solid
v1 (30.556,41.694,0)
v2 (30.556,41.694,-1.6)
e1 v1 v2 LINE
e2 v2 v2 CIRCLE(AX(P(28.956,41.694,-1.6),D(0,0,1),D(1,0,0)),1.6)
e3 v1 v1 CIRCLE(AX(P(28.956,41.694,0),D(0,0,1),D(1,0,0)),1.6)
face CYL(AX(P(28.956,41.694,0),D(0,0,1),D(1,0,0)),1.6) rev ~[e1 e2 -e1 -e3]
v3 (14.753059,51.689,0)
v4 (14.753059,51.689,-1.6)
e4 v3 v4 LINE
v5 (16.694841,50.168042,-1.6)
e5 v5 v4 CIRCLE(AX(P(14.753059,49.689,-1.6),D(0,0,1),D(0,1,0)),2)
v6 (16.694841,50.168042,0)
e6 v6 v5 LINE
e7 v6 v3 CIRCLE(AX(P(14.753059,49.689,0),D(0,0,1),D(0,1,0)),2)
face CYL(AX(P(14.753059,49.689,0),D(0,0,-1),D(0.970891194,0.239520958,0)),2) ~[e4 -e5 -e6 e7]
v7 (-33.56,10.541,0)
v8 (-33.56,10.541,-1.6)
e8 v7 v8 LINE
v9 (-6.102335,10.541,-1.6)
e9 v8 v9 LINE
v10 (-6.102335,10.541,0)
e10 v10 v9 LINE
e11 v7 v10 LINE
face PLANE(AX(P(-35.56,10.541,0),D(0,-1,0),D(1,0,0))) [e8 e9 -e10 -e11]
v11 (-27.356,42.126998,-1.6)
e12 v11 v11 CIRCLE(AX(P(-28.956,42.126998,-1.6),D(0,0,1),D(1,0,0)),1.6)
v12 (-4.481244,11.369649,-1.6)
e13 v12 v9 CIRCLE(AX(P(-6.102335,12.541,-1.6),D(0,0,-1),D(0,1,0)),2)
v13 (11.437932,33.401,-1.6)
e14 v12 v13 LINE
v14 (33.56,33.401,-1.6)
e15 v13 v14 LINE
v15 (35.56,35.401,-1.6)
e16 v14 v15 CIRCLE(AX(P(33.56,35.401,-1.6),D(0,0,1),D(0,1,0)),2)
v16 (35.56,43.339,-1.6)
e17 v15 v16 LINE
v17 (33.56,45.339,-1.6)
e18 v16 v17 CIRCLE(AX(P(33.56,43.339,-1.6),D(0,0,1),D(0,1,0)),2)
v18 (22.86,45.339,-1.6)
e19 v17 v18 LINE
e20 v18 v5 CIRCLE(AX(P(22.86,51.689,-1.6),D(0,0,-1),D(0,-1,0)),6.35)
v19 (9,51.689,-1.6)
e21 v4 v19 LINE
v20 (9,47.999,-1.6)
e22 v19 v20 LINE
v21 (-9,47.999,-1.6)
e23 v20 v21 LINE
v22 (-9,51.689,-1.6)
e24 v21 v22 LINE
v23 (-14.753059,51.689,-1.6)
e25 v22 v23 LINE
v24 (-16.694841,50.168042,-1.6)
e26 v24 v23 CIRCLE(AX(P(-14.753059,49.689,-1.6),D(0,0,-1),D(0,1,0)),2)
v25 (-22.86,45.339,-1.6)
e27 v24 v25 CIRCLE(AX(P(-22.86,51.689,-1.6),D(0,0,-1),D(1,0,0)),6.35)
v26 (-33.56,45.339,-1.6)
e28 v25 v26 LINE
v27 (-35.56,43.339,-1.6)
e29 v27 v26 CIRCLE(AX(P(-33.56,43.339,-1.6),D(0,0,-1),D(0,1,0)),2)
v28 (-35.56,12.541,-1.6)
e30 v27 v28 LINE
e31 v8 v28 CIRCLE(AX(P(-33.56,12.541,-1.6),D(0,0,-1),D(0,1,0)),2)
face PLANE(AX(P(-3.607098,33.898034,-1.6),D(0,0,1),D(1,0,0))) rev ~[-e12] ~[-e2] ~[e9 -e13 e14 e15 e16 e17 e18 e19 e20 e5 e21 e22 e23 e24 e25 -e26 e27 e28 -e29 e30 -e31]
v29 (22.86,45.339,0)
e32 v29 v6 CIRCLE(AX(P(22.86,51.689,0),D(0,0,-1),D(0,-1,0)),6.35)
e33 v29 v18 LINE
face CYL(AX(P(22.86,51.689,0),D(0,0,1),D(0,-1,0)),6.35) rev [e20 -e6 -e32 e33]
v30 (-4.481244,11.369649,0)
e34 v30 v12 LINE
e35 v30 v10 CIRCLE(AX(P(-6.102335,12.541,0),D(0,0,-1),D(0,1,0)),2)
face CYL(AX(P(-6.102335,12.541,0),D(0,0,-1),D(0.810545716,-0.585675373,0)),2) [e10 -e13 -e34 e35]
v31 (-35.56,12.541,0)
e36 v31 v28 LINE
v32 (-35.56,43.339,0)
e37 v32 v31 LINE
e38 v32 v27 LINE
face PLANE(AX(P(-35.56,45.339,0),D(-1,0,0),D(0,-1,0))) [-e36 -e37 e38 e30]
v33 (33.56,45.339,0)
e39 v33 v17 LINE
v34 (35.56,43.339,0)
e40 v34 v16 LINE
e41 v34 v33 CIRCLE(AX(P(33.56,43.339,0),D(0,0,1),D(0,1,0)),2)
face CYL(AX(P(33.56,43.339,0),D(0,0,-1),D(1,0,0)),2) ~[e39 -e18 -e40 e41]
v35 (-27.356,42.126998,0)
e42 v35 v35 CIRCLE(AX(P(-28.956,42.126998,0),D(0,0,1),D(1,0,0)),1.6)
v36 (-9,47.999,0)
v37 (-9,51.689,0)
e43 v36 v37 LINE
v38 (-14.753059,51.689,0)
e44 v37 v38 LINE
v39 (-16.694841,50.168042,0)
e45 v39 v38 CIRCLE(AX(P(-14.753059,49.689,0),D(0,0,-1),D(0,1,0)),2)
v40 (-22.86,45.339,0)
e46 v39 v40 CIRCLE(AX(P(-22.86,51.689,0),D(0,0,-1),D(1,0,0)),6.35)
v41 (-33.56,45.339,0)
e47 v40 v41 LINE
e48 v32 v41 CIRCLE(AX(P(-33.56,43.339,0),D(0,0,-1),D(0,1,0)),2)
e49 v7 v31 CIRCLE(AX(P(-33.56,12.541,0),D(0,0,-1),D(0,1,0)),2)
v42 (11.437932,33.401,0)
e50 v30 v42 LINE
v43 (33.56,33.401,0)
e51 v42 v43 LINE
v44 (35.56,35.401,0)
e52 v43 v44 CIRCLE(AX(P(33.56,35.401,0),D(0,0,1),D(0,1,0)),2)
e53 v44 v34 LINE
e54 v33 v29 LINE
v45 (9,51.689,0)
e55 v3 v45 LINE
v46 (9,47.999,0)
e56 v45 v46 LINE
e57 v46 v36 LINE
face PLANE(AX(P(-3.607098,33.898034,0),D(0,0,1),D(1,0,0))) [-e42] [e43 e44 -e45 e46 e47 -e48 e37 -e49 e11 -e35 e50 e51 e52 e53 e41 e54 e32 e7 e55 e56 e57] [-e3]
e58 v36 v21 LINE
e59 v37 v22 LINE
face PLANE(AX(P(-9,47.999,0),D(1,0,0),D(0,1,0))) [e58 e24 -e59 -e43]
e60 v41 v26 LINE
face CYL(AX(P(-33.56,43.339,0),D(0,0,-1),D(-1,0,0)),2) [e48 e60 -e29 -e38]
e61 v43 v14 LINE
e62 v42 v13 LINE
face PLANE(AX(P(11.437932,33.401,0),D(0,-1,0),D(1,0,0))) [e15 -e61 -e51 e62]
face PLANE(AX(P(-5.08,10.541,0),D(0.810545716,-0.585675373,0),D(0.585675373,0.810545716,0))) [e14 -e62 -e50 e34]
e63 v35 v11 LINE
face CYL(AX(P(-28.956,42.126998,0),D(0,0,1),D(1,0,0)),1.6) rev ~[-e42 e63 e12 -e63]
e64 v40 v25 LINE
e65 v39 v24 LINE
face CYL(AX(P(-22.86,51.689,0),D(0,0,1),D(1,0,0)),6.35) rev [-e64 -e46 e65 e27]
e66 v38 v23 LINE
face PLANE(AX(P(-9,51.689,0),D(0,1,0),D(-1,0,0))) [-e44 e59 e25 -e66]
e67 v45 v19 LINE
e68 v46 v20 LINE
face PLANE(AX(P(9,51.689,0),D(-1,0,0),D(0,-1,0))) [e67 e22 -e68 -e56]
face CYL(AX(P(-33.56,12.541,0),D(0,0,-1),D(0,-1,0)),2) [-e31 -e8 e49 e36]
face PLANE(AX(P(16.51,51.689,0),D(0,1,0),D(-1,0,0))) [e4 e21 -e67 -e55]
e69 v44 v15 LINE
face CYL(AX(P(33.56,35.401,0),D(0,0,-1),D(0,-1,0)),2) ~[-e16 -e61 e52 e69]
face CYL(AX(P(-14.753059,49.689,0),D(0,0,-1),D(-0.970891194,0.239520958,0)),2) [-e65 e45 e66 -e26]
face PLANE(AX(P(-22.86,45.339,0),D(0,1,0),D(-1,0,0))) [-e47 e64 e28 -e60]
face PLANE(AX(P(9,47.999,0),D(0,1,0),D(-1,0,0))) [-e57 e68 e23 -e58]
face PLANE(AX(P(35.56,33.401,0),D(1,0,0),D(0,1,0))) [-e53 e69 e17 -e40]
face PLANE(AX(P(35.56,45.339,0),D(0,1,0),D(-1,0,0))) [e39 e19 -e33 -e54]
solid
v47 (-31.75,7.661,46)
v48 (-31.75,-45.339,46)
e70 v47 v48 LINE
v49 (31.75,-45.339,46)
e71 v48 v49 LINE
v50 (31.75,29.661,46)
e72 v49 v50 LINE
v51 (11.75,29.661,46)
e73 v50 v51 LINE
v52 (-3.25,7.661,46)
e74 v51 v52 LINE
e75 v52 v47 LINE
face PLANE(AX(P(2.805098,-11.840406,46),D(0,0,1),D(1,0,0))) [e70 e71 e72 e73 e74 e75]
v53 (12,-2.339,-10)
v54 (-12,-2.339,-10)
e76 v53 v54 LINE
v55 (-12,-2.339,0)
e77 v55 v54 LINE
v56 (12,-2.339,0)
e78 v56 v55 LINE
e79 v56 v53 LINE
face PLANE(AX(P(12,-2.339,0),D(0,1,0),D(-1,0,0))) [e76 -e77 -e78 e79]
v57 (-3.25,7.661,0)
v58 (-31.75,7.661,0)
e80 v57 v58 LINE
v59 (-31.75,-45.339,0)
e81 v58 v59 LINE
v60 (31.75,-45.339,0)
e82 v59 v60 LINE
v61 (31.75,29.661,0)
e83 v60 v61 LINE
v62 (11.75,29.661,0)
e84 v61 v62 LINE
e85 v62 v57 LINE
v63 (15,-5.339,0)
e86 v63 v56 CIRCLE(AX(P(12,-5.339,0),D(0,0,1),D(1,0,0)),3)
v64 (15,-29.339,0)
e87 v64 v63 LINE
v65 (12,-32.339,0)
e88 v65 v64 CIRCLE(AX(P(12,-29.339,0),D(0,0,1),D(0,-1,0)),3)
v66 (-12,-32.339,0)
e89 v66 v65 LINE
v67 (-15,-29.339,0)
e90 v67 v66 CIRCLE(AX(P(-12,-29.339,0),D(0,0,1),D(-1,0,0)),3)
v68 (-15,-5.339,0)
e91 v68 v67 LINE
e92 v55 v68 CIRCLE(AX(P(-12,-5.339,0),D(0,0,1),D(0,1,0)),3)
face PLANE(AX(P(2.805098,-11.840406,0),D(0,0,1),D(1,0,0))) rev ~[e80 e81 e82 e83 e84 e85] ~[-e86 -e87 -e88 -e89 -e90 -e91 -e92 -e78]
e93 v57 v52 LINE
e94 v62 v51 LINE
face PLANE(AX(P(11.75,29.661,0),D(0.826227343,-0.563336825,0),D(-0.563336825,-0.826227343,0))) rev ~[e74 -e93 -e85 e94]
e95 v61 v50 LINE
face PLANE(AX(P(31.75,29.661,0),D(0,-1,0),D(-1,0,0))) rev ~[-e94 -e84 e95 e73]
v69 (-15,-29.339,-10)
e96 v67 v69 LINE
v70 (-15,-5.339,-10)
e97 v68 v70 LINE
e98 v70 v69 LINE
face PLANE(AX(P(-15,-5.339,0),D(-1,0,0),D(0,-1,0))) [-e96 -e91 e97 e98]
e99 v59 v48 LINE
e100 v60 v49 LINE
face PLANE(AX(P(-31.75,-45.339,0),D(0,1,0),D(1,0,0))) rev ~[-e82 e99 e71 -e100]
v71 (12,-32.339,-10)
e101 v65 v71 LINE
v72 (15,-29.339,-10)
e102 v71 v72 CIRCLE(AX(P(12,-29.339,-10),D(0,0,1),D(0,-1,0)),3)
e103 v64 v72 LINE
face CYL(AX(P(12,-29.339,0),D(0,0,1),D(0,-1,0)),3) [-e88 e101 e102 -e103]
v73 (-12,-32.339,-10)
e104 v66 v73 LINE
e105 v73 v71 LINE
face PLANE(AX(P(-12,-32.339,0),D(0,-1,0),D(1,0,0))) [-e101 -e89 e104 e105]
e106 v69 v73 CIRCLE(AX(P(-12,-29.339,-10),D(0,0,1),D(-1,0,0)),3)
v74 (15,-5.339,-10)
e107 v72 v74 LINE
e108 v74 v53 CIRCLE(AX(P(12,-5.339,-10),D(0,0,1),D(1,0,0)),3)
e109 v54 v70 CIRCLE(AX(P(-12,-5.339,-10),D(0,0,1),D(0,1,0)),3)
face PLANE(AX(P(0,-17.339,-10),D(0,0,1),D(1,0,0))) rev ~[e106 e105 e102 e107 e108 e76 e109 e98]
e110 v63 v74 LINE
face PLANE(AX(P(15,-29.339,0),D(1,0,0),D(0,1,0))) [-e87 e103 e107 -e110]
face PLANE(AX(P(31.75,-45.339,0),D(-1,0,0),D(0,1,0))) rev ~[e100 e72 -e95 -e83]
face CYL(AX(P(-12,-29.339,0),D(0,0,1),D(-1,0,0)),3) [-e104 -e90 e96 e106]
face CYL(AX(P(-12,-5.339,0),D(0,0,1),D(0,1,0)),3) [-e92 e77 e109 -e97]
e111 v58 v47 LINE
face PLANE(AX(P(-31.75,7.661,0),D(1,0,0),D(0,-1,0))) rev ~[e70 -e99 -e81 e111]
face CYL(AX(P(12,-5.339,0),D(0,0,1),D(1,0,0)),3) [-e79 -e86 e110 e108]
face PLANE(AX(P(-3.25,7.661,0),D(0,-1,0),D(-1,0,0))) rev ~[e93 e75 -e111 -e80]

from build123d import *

# Parameters (mm, degrees)
F0_R     = 1.6
F2_DEPTH = 1.6
F3_DEPTH = 19.05
F4_DEPTH = 46
F5_DEPTH = 10
F6_DEPTH = 1.016
F7_R     = 2


with BuildPart() as f2:
    # F0 (on Top) → F2 (new body)
    with BuildSketch(Plane.XY):
        with BuildLine():
            Line((11.4379320294, 33.401), (35.56, 33.401))
            Line((35.56, 33.401), (35.56, 45.339))
            Line((35.56, 45.339), (22.86, 45.339))
            ThreePointArc((22.86, 45.339), (18.3698719395, 47.1988719395), (16.51, 51.689))
            Line((16.51, 51.689), (9, 51.689))
            Line((9, 51.689), (9, 47.999))
            Line((9, 47.999), (-9, 47.999))
            Line((-9, 47.999), (-9, 51.689))
            Line((-9, 51.689), (-16.51, 51.689))
            ThreePointArc((-16.51, 51.689), (-18.3698719395, 47.1988719395), (-22.86, 45.339))
            Line((-22.86, 45.339), (-35.56, 45.339))
            Line((-35.56, 45.339), (-35.56, 10.541))
            Line((-35.56, 10.541), (-5.08, 10.541))
            Line((-5.08, 10.541), (11.4379320294, 33.401))
        make_face()
        with Locations((-28.956, 42.126997942)):
            Circle(F0_R, mode=Mode.SUBTRACT)
        with Locations((28.956, 41.694)):
            Circle(F0_R, mode=Mode.SUBTRACT)
    extrude(amount=-F2_DEPTH)

    # F1 (on Top) → F3 (cut)
    with BuildSketch(Plane.XY):
        with BuildLine():
            Line((-12, -32.339), (12, -32.339))
            ThreePointArc((12, -32.339), (14.1213203436, -31.4603203436), (15, -29.339))
            Line((15, -29.339), (15, -5.339))
            ThreePointArc((15, -5.339), (14.1213203436, -3.2176796564), (12, -2.339))
            Line((12, -2.339), (-12, -2.339))
            ThreePointArc((-12, -2.339), (-14.1213203436, -3.2176796564), (-15, -5.339))
            Line((-15, -5.339), (-15, -29.339))
            ThreePointArc((-15, -29.339), (-14.1213203436, -31.4603203436), (-12, -32.339))
        make_face()
    extrude(amount=-F3_DEPTH, mode=Mode.SUBTRACT)

    # F1 (on Top) → F6 (cut)
    with BuildSketch(Plane.XY):
        Polygon((-31.75, 7.661), (-31.75, -45.339), (31.75, -45.339), (31.75, 29.661), (11.75, 29.661), (-3.25, 7.661), align=None)
        with BuildLine():
            ThreePointArc((15, -29.339), (14.1213203436, -31.4603203436), (12, -32.339))
            Line((12, -32.339), (-12, -32.339))
            ThreePointArc((-12, -32.339), (-14.1213203436, -31.4603203436), (-15, -29.339))
            Line((-15, -29.339), (-15, -5.339))
            ThreePointArc((-15, -5.339), (-14.1213203436, -3.2176796564), (-12, -2.339))
            Line((-12, -2.339), (12, -2.339))
            ThreePointArc((12, -2.339), (14.1213203436, -3.2176796564), (15, -5.339))
            Line((15, -5.339), (15, -29.339))
        make_face(mode=Mode.SUBTRACT)
    extrude(amount=-F6_DEPTH, mode=Mode.SUBTRACT)

    # F7
    f7_edges = [f2.edges().sort_by_distance(p)[0] for p in [
        (-16.51, 51.689, -0.8),
        (-35.56, 45.339, -0.8),
        (-35.56, 10.541, -0.8),
        (-5.08, 10.541, -0.8),
        (35.56, 33.401, -0.8),
        (16.51, 51.689, -0.8),
        (35.56, 45.339, -0.8),
    ]]
    fillet(f7_edges, radius=F7_R)


with BuildPart() as f4:
    # F1 (on Top) → F4 (new body)
    with BuildSketch(Plane.XY):
        Polygon((-31.75, 7.661), (-31.75, -45.339), (31.75, -45.339), (31.75, 29.661), (11.75, 29.661), (-3.25, 7.661), align=None)
        with BuildLine():
            ThreePointArc((15, -29.339), (14.1213203436, -31.4603203436), (12, -32.339))
            Line((12, -32.339), (-12, -32.339))
            ThreePointArc((-12, -32.339), (-14.1213203436, -31.4603203436), (-15, -29.339))
            Line((-15, -29.339), (-15, -5.339))
            ThreePointArc((-15, -5.339), (-14.1213203436, -3.2176796564), (-12, -2.339))
            Line((-12, -2.339), (12, -2.339))
            ThreePointArc((12, -2.339), (14.1213203436, -3.2176796564), (15, -5.339))
            Line((15, -5.339), (15, -29.339))
        make_face(mode=Mode.SUBTRACT)
        with BuildLine():
            Line((-12, -32.339), (12, -32.339))
            ThreePointArc((12, -32.339), (14.1213203436, -31.4603203436), (15, -29.339))
            Line((15, -29.339), (15, -5.339))
            ThreePointArc((15, -5.339), (14.1213203436, -3.2176796564), (12, -2.339))
            Line((12, -2.339), (-12, -2.339))
            ThreePointArc((-12, -2.339), (-14.1213203436, -3.2176796564), (-15, -5.339))
            Line((-15, -5.339), (-15, -29.339))
            ThreePointArc((-15, -29.339), (-14.1213203436, -31.4603203436), (-12, -32.339))
        make_face()
    extrude(amount=F4_DEPTH)

    # F1 (on Top) → F5 (join)
    with BuildSketch(Plane.XY):
        with BuildLine():
            Line((-12, -32.339), (12, -32.339))
            ThreePointArc((12, -32.339), (14.1213203436, -31.4603203436), (15, -29.339))
            Line((15, -29.339), (15, -5.339))
            ThreePointArc((15, -5.339), (14.1213203436, -3.2176796564), (12, -2.339))
            Line((12, -2.339), (-12, -2.339))
            ThreePointArc((-12, -2.339), (-14.1213203436, -3.2176796564), (-15, -5.339))
            Line((-15, -5.339), (-15, -29.339))
            ThreePointArc((-15, -29.339), (-14.1213203436, -31.4603203436), (-12, -32.339))
        make_face()
    extrude(amount=-F5_DEPTH)


solid = Compound([f2.part, f4.part])
